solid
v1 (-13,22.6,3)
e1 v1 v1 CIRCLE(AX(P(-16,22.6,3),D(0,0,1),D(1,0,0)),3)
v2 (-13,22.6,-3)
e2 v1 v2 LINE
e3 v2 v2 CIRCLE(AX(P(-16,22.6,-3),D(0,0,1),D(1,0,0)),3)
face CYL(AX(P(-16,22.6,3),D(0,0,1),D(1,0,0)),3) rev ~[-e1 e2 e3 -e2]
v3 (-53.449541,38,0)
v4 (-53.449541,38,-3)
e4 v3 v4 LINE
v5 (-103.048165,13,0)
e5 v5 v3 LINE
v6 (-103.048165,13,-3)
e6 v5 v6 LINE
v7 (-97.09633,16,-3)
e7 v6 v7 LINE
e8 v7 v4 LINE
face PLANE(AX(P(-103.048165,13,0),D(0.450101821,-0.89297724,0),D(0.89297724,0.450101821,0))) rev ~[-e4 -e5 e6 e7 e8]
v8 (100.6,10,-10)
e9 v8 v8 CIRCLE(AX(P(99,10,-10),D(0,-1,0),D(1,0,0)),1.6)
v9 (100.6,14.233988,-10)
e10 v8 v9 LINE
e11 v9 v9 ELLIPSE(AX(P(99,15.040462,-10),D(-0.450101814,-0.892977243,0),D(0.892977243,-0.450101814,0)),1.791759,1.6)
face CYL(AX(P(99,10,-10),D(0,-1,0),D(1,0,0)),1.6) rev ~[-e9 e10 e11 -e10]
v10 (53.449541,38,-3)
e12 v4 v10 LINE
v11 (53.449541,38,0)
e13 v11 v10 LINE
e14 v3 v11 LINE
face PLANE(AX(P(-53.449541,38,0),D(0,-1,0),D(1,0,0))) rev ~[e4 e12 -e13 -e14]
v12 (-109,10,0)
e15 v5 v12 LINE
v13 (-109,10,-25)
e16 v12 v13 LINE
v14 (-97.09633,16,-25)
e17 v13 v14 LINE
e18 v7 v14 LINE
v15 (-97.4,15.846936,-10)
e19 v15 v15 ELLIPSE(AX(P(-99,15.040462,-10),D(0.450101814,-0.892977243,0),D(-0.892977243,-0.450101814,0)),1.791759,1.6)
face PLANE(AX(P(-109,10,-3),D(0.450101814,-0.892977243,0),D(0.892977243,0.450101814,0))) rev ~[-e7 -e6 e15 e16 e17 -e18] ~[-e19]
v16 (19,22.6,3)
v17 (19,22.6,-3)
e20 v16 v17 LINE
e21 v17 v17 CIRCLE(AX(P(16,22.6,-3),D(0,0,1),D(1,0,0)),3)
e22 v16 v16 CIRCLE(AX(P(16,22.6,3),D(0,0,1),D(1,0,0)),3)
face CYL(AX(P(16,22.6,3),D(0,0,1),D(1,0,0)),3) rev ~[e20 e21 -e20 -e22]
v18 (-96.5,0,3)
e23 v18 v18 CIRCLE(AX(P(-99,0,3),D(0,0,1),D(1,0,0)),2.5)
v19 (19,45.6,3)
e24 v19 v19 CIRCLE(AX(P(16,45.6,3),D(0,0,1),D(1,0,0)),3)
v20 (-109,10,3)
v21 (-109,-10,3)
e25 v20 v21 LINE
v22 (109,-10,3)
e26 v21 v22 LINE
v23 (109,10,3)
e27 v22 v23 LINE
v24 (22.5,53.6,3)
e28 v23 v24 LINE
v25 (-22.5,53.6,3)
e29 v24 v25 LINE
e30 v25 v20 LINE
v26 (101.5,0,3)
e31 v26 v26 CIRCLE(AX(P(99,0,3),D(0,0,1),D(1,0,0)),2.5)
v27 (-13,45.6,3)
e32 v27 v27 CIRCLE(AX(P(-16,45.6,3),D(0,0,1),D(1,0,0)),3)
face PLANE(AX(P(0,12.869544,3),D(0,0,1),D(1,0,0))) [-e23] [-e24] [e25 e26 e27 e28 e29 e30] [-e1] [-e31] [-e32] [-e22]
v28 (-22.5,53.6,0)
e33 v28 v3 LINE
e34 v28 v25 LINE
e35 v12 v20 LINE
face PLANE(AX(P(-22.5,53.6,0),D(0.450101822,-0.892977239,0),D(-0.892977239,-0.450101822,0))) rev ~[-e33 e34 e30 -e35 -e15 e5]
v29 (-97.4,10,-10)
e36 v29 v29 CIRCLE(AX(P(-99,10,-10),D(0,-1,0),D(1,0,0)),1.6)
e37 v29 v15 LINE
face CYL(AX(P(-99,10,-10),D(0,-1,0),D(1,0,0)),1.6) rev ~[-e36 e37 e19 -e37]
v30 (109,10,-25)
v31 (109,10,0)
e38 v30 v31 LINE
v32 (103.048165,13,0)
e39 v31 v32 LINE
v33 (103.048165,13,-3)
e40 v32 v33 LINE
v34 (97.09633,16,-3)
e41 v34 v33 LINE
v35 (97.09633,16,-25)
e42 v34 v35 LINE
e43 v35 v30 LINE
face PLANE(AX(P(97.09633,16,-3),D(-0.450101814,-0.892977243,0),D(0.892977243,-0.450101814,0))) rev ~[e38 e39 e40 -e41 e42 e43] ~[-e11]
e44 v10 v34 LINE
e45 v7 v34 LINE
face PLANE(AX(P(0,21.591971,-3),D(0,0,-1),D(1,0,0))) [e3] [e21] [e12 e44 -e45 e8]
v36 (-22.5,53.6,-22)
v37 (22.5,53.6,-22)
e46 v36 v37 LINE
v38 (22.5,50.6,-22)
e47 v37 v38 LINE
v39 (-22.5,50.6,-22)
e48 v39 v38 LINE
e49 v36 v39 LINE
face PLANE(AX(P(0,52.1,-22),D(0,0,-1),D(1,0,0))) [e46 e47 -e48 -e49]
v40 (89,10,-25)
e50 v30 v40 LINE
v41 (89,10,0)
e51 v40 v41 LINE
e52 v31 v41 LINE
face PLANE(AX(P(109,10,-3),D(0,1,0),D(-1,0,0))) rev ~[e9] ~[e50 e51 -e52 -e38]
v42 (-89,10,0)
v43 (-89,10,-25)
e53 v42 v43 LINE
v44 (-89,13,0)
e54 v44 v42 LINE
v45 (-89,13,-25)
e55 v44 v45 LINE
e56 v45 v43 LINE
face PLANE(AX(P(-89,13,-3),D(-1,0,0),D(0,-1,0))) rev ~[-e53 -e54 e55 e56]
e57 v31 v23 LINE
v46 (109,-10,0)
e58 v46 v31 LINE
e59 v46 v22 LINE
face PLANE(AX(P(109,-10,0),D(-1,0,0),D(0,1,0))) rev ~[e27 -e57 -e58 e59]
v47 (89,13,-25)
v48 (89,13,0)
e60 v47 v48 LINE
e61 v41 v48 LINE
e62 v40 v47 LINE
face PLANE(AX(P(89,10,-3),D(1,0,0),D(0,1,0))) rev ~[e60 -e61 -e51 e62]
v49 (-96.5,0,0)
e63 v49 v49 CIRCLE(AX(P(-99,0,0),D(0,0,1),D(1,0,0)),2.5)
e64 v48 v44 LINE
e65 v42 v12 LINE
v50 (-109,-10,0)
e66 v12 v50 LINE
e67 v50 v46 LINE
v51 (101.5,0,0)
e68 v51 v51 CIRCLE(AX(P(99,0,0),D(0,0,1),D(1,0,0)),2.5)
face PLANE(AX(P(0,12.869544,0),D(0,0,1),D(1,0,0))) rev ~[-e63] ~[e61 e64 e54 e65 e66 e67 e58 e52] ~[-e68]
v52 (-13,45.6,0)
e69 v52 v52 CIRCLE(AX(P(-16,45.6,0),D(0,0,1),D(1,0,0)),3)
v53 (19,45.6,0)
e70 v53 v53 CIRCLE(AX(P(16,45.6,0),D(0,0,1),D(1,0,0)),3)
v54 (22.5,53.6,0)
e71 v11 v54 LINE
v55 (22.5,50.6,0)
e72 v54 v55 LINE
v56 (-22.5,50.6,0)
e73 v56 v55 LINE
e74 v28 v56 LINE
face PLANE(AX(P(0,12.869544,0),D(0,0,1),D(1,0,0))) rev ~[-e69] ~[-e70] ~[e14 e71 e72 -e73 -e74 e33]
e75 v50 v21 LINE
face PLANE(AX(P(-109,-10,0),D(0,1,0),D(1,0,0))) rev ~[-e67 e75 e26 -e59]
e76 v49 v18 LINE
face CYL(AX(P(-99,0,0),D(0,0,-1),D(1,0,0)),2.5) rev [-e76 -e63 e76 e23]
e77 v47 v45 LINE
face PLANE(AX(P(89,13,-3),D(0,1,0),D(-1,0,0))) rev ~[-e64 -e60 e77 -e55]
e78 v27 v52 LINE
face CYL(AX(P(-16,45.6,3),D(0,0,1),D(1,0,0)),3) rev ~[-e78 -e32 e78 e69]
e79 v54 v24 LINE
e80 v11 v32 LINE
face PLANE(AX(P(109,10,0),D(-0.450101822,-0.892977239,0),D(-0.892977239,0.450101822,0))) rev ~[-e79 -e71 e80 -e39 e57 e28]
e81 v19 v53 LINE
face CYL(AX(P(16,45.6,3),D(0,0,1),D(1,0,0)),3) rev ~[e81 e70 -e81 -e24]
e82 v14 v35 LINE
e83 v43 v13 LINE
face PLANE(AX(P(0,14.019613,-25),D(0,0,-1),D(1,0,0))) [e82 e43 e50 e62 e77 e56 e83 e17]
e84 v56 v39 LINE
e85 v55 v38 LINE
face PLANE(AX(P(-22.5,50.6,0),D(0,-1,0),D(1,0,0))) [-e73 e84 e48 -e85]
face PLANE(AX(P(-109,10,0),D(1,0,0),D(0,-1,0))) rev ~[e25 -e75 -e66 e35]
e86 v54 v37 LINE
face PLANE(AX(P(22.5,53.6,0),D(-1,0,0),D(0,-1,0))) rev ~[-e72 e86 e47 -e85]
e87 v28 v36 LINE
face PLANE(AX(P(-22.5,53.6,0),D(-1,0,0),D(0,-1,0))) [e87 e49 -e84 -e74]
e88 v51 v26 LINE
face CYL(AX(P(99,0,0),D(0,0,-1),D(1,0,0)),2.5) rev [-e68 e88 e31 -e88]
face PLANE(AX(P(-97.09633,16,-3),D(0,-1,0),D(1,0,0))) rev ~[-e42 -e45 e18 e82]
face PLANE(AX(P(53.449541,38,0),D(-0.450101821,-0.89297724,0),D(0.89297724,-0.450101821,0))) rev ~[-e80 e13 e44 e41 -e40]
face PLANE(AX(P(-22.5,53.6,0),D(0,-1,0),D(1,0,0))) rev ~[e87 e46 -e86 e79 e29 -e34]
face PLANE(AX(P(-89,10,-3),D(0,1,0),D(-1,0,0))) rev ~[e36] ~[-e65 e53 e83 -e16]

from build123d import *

# Parameters (mm, degrees)
F0_R      = 2.5
F1_DEPTH  = 3
F2_W      = 45
F2_H      = 3
F3_DEPTH  = 22
F5_DEPTH  = 3
F7_DEPTH  = 22
F8_R      = 1.6
F9_DEPTH  = 6
F10_R     = 3
F11_DEPTH = 25
F12_DEPTH = 30


with BuildPart() as f1:
    # F0 (on Top) → F1 (new body)
    with BuildSketch(Plane.XY):
        Polygon((18, -10), (109, -10), (109, 10), (22.5, 53.6), (-22.5, 53.6), (-109, 10), (-109, -10), (3, -10), align=None)
        with Locations((-99, 0)):
            Circle(F0_R, mode=Mode.SUBTRACT)
        with Locations((99, 0)):
            Circle(F0_R, mode=Mode.SUBTRACT)
    extrude(amount=F1_DEPTH)

    # F2 (on face) → F3 (join)
    with BuildSketch(Plane(origin=(0, 0, 0), x_dir=(1, 0, 0), z_dir=(0, 0, -1))):
        with Locations((0, -52.1)):
            Rectangle(F2_W, F2_H)
    extrude(amount=F3_DEPTH)

    # F4 (on face) → F5 (join)
    with BuildSketch(Plane(origin=(0, 0, 0), x_dir=(1, 0, 0), z_dir=(0, 0, -1))):
        Polygon((89, -13), (-89, -13), (-89, -10), (-109, -10), (-103.048165, -13), (-53.449541, -38), (53.449541, -38), (103.048165, -13), (109, -10), (89, -10), align=None)
    extrude(amount=F5_DEPTH)

    # F6 (on face) → F7 (join)
    with BuildSketch(Plane(origin=(0, 0, -3), x_dir=(1, 0, 0), z_dir=(0, 0, -1))):
        Polygon((89, -13), (-89, -13), (-89, -10), (-109, -10), (-97.09633, -16), (97.09633, -16), (109, -10), (89, -10), align=None)
    extrude(amount=F7_DEPTH)

    # F8 (on face) → F9 (cut)
    with BuildSketch(Plane.XZ.offset(-10)):
        with Locations((-99, -10)):
            Circle(F8_R)
        with Locations((99, -10)):
            Circle(F8_R)
    extrude(amount=-F9_DEPTH, mode=Mode.SUBTRACT)

    # F10 (on face) → F11 (cut)
    with BuildSketch(Plane.XY.offset(3)):
        with Locations((-16, 45.6)):
            Circle(F10_R)
        with Locations((-16, 22.6)):
            Circle(F10_R)
        with Locations((16, 22.6)):
            Circle(F10_R)
        with Locations((16, 45.6)):
            Circle(F10_R)
    extrude(amount=-F11_DEPTH, mode=Mode.SUBTRACT)

    # F10 (on face) → F12 (cut)
    with BuildSketch(Plane.XY.offset(3)):
        with Locations((-16, 45.6)):
            Circle(F10_R)
        with Locations((-16, 22.6)):
            Circle(F10_R)
        with Locations((16, 22.6)):
            Circle(F10_R)
        with Locations((16, 45.6)):
            Circle(F10_R)
    extrude(amount=-F12_DEPTH, mode=Mode.SUBTRACT)


solid = f1.part
